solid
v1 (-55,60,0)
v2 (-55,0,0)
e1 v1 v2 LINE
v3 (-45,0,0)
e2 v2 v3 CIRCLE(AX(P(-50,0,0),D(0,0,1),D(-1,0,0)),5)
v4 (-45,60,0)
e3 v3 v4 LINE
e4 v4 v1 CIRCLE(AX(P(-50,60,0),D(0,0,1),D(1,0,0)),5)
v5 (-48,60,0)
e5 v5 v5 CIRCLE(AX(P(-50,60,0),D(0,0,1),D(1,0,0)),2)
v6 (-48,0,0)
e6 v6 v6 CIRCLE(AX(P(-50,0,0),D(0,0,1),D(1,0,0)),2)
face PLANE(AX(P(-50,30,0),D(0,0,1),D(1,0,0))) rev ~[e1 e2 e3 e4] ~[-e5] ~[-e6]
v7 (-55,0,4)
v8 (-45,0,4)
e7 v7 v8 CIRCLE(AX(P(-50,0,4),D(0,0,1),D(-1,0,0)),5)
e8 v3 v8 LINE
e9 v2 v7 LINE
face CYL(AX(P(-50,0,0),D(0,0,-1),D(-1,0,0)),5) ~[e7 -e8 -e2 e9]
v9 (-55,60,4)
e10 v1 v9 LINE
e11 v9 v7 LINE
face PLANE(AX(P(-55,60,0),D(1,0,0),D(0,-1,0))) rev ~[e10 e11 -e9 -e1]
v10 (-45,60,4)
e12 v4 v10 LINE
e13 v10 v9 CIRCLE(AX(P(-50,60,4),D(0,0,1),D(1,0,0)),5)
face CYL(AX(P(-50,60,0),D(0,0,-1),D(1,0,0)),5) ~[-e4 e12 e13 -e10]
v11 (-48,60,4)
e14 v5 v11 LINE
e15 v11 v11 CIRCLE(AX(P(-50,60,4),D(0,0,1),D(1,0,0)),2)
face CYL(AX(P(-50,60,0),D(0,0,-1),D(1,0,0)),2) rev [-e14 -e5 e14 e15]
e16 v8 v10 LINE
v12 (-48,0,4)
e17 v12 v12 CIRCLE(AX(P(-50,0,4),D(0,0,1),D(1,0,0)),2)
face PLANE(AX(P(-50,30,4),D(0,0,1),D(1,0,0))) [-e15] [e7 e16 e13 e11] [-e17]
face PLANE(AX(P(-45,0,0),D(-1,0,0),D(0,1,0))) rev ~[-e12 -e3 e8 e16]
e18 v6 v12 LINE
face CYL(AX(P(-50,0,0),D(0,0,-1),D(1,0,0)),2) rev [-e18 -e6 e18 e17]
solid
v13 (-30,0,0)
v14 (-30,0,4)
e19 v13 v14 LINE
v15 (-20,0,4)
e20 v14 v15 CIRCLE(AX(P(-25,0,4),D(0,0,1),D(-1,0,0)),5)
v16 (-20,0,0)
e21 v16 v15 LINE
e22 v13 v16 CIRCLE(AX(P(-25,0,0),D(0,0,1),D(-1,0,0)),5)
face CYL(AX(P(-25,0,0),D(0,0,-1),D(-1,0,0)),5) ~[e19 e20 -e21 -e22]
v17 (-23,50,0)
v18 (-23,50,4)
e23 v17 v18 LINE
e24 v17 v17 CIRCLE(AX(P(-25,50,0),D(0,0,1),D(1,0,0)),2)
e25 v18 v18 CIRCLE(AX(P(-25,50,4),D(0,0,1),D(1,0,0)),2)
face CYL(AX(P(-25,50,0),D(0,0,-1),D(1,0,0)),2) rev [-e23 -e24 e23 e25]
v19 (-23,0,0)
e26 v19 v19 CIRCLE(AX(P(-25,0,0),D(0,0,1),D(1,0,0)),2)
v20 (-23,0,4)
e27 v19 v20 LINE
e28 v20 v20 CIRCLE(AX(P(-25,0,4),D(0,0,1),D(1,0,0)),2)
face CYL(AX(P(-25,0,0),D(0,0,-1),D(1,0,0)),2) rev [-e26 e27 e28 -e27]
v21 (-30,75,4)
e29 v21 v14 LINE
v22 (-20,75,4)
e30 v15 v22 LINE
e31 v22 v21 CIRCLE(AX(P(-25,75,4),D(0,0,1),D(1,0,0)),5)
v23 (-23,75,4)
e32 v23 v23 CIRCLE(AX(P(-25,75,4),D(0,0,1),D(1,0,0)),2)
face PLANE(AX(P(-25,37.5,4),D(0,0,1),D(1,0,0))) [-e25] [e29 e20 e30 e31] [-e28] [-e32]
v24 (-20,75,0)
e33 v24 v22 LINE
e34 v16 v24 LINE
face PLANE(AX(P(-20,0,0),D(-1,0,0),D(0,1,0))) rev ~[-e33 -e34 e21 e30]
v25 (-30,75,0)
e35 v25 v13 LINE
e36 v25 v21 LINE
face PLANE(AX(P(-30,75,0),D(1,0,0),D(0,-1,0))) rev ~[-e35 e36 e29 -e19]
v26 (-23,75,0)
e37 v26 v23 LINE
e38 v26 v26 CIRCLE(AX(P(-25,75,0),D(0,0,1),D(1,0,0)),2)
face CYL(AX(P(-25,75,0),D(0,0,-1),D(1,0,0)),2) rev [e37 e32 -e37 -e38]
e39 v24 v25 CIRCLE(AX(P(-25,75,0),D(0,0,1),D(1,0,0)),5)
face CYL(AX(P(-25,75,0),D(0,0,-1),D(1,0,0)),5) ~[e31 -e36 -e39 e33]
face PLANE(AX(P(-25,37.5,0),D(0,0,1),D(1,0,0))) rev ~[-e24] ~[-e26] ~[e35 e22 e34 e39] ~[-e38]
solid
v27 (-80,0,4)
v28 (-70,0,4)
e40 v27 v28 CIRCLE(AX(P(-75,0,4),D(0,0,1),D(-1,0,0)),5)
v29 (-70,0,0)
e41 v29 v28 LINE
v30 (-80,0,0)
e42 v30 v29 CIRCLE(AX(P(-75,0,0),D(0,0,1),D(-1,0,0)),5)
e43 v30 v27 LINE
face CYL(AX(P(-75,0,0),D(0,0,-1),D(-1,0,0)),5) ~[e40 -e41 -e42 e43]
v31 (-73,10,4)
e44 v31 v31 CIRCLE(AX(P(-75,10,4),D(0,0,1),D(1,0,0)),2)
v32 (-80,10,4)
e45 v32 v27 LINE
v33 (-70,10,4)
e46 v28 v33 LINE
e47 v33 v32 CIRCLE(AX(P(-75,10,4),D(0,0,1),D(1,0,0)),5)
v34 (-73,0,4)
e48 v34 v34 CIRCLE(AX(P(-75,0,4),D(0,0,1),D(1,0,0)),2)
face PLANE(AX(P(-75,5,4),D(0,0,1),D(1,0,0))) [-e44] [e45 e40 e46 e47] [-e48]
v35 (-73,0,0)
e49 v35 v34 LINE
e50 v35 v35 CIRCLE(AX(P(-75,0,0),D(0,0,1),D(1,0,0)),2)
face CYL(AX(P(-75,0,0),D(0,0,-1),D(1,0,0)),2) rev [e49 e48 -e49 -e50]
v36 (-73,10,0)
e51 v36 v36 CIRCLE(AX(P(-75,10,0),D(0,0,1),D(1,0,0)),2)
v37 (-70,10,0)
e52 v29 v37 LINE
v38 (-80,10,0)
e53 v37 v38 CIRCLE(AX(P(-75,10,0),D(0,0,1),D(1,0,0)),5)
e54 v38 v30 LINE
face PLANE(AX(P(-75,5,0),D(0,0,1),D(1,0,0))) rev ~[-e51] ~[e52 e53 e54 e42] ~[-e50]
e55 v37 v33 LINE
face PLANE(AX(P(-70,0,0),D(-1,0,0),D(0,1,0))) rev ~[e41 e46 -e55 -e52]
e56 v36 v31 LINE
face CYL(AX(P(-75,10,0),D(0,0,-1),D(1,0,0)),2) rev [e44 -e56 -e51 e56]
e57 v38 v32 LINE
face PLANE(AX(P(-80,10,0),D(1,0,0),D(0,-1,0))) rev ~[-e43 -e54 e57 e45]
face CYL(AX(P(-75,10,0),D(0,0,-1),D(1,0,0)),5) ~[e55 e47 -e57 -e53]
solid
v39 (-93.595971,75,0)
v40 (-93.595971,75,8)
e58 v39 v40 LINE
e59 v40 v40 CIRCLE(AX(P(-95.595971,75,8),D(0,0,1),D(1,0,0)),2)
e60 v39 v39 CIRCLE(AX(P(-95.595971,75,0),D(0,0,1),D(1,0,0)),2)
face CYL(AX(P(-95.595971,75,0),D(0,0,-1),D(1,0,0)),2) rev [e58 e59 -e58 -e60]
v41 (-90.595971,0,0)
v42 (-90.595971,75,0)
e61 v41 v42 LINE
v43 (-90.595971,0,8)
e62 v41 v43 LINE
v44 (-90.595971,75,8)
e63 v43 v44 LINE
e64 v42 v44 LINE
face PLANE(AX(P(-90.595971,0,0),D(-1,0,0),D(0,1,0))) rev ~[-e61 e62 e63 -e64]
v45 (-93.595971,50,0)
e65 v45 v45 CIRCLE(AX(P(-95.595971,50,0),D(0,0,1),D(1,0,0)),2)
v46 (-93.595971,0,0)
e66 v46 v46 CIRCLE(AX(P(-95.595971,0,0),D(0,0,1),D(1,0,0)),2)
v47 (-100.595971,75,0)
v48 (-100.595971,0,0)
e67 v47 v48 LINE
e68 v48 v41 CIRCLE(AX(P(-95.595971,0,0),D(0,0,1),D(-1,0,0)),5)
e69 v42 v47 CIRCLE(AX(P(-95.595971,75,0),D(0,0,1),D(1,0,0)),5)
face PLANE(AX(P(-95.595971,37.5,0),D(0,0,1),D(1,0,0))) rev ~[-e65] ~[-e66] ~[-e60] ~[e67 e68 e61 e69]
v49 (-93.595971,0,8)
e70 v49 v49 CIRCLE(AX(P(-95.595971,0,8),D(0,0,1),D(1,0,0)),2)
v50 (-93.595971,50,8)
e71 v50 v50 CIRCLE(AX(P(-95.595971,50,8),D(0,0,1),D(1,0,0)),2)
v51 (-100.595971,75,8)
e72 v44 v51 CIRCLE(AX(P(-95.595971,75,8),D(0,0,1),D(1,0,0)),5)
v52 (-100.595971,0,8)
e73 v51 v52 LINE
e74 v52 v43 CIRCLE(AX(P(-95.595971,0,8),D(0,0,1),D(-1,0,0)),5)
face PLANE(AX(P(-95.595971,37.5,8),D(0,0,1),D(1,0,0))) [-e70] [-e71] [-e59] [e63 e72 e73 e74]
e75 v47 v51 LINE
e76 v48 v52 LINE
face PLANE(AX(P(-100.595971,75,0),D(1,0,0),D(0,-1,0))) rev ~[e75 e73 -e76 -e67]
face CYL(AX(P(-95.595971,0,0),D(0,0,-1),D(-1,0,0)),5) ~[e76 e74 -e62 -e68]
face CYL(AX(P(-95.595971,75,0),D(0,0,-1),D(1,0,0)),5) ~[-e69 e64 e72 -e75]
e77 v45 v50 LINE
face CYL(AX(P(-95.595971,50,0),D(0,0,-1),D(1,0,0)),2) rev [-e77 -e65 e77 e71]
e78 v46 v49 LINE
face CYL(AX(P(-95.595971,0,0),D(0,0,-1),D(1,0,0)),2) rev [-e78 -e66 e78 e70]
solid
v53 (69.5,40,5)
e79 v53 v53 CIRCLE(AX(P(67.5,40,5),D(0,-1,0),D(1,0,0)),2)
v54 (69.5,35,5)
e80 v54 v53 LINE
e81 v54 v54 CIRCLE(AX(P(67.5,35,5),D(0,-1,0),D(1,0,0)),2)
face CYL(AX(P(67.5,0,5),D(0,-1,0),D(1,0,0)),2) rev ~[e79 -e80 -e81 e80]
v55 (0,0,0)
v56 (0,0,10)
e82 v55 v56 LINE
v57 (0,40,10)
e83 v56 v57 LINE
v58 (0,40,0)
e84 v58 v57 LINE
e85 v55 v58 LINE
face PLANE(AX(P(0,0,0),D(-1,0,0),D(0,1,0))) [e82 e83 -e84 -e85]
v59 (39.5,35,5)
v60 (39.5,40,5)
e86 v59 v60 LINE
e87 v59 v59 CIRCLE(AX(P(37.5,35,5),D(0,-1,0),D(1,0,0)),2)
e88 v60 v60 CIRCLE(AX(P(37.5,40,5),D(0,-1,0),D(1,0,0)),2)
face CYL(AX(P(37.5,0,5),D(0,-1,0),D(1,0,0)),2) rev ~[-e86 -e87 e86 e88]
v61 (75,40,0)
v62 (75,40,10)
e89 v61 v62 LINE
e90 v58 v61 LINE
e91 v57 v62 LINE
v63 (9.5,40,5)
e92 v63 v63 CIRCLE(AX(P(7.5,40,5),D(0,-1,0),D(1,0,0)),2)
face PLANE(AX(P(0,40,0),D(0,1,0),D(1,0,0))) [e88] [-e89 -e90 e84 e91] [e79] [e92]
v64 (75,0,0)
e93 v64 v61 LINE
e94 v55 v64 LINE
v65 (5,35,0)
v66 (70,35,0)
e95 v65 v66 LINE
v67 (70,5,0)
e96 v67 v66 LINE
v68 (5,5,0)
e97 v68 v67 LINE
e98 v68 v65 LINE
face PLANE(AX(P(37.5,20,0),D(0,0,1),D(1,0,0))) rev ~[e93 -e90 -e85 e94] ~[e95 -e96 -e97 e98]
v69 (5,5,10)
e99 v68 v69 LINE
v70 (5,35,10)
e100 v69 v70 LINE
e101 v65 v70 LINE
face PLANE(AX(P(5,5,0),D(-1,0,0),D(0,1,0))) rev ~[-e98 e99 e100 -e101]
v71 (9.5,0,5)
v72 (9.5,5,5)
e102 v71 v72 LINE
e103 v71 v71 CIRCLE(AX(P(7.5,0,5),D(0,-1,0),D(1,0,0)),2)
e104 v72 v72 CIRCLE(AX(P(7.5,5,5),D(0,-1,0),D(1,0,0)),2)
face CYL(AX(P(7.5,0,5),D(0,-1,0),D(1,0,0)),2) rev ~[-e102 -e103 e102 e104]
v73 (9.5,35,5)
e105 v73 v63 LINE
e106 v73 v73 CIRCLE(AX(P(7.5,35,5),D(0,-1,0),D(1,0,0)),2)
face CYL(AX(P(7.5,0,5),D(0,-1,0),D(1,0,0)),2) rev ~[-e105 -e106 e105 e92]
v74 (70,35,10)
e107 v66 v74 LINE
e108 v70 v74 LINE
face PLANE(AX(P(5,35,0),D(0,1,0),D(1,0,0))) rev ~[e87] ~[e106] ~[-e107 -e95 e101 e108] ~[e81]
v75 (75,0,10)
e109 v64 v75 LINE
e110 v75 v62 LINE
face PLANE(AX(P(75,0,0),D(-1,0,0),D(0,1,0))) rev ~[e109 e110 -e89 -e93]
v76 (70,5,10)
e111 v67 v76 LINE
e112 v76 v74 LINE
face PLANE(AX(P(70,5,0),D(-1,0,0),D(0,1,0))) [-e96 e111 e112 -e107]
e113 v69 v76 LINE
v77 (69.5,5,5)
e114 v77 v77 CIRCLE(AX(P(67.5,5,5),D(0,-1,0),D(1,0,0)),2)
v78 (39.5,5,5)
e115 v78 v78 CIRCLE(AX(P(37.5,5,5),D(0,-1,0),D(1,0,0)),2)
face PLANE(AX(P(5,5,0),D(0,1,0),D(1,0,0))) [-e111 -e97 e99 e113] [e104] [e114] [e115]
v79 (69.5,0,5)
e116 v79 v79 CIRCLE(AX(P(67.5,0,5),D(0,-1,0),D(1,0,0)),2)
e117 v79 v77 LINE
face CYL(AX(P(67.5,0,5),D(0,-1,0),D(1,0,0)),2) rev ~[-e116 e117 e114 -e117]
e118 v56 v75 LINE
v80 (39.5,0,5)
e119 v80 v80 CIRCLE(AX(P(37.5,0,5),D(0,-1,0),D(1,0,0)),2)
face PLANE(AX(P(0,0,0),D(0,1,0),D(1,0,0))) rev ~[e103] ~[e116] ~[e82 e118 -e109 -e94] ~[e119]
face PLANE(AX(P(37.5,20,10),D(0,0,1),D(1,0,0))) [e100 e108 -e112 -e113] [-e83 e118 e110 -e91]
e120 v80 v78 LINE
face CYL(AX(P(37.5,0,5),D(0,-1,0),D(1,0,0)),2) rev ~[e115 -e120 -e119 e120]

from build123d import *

# Parameters (mm, degrees)
F0_W     = 75
F0_H     = 40
F0_W_2   = 65
F0_H_2   = 30
F1_DEPTH = 10
F2_R     = 2
F3_DEPTH = 40.001
F4_R     = 2
F5_DEPTH = 4
F6_R     = 2
F7_DEPTH = 8


with BuildPart() as f1:
    # F0 (on Top) → F1 (new body)
    with BuildSketch(Plane.XY):
        with Locations((37.5, 20)):
            Rectangle(F0_W, F0_H)
        with Locations((37.5, 20)):
            Rectangle(F0_W_2, F0_H_2, mode=Mode.SUBTRACT)
    extrude(amount=F1_DEPTH)

    # F2 (on Front) → F3 (cut, through all)
    with BuildSketch(Plane.XZ):
        with Locations((7.5, 5)):
            Circle(F2_R)
        with Locations((37.5, 5)):
            Circle(F2_R)
        with Locations((67.5, 5)):
            Circle(F2_R)
    extrude(amount=-F3_DEPTH, mode=Mode.SUBTRACT)


with BuildPart() as f5:
    # F4 (on Top) → F5 (new body)
    with BuildSketch(Plane.XY):
        with BuildLine():
            Line((-70, 0), (-70, 10))
            ThreePointArc((-70, 10), (-75, 15), (-80, 10))
            Line((-80, 10), (-80, 0))
            ThreePointArc((-80, 0), (-75, -5), (-70, 0))
        make_face()
        with Locations((-75, 0)):
            Circle(F4_R, mode=Mode.SUBTRACT)
        with Locations((-75, 10)):
            Circle(F4_R, mode=Mode.SUBTRACT)
        with BuildLine():
            Line((-45, 0), (-45, 60))
            ThreePointArc((-45, 60), (-50, 65), (-55, 60))
            Line((-55, 60), (-55, 0))
            ThreePointArc((-55, 0), (-50, -5), (-45, 0))
        make_face()
        with Locations((-50, 0)):
            Circle(F4_R, mode=Mode.SUBTRACT)
        with Locations((-50, 60)):
            Circle(F4_R, mode=Mode.SUBTRACT)
        with BuildLine():
            Line((-20, 0), (-20, 75))
            ThreePointArc((-20, 75), (-25, 80), (-30, 75))
            Line((-30, 75), (-30, 0))
            ThreePointArc((-30, 0), (-25, -5), (-20, 0))
        make_face()
        with Locations((-25, 0)):
            Circle(F4_R, mode=Mode.SUBTRACT)
        with Locations((-25, 50)):
            Circle(F4_R, mode=Mode.SUBTRACT)
        with Locations((-25, 75)):
            Circle(F4_R, mode=Mode.SUBTRACT)
    extrude(amount=F5_DEPTH)


with BuildPart() as f7:
    # F6 (on Top) → F7 (new body)
    with BuildSketch(Plane.XY):
        with BuildLine():
            Line((-100.595971, 75), (-100.595971, 0))
            ThreePointArc((-100.595971, 0), (-95.595971, -5), (-90.595971, 0))
            Line((-90.595971, 0), (-90.595971, 75))
            ThreePointArc((-90.595971, 75), (-95.595971, 80), (-100.595971, 75))
        make_face()
        with Locations((-95.595971, 0)):
            Circle(F6_R, mode=Mode.SUBTRACT)
        with Locations((-95.595971, 50)):
            Circle(F6_R, mode=Mode.SUBTRACT)
        with Locations((-95.595971, 75)):
            Circle(F6_R, mode=Mode.SUBTRACT)
    extrude(amount=F7_DEPTH)


solid = Compound([f1.part, f5.part, f7.part])
